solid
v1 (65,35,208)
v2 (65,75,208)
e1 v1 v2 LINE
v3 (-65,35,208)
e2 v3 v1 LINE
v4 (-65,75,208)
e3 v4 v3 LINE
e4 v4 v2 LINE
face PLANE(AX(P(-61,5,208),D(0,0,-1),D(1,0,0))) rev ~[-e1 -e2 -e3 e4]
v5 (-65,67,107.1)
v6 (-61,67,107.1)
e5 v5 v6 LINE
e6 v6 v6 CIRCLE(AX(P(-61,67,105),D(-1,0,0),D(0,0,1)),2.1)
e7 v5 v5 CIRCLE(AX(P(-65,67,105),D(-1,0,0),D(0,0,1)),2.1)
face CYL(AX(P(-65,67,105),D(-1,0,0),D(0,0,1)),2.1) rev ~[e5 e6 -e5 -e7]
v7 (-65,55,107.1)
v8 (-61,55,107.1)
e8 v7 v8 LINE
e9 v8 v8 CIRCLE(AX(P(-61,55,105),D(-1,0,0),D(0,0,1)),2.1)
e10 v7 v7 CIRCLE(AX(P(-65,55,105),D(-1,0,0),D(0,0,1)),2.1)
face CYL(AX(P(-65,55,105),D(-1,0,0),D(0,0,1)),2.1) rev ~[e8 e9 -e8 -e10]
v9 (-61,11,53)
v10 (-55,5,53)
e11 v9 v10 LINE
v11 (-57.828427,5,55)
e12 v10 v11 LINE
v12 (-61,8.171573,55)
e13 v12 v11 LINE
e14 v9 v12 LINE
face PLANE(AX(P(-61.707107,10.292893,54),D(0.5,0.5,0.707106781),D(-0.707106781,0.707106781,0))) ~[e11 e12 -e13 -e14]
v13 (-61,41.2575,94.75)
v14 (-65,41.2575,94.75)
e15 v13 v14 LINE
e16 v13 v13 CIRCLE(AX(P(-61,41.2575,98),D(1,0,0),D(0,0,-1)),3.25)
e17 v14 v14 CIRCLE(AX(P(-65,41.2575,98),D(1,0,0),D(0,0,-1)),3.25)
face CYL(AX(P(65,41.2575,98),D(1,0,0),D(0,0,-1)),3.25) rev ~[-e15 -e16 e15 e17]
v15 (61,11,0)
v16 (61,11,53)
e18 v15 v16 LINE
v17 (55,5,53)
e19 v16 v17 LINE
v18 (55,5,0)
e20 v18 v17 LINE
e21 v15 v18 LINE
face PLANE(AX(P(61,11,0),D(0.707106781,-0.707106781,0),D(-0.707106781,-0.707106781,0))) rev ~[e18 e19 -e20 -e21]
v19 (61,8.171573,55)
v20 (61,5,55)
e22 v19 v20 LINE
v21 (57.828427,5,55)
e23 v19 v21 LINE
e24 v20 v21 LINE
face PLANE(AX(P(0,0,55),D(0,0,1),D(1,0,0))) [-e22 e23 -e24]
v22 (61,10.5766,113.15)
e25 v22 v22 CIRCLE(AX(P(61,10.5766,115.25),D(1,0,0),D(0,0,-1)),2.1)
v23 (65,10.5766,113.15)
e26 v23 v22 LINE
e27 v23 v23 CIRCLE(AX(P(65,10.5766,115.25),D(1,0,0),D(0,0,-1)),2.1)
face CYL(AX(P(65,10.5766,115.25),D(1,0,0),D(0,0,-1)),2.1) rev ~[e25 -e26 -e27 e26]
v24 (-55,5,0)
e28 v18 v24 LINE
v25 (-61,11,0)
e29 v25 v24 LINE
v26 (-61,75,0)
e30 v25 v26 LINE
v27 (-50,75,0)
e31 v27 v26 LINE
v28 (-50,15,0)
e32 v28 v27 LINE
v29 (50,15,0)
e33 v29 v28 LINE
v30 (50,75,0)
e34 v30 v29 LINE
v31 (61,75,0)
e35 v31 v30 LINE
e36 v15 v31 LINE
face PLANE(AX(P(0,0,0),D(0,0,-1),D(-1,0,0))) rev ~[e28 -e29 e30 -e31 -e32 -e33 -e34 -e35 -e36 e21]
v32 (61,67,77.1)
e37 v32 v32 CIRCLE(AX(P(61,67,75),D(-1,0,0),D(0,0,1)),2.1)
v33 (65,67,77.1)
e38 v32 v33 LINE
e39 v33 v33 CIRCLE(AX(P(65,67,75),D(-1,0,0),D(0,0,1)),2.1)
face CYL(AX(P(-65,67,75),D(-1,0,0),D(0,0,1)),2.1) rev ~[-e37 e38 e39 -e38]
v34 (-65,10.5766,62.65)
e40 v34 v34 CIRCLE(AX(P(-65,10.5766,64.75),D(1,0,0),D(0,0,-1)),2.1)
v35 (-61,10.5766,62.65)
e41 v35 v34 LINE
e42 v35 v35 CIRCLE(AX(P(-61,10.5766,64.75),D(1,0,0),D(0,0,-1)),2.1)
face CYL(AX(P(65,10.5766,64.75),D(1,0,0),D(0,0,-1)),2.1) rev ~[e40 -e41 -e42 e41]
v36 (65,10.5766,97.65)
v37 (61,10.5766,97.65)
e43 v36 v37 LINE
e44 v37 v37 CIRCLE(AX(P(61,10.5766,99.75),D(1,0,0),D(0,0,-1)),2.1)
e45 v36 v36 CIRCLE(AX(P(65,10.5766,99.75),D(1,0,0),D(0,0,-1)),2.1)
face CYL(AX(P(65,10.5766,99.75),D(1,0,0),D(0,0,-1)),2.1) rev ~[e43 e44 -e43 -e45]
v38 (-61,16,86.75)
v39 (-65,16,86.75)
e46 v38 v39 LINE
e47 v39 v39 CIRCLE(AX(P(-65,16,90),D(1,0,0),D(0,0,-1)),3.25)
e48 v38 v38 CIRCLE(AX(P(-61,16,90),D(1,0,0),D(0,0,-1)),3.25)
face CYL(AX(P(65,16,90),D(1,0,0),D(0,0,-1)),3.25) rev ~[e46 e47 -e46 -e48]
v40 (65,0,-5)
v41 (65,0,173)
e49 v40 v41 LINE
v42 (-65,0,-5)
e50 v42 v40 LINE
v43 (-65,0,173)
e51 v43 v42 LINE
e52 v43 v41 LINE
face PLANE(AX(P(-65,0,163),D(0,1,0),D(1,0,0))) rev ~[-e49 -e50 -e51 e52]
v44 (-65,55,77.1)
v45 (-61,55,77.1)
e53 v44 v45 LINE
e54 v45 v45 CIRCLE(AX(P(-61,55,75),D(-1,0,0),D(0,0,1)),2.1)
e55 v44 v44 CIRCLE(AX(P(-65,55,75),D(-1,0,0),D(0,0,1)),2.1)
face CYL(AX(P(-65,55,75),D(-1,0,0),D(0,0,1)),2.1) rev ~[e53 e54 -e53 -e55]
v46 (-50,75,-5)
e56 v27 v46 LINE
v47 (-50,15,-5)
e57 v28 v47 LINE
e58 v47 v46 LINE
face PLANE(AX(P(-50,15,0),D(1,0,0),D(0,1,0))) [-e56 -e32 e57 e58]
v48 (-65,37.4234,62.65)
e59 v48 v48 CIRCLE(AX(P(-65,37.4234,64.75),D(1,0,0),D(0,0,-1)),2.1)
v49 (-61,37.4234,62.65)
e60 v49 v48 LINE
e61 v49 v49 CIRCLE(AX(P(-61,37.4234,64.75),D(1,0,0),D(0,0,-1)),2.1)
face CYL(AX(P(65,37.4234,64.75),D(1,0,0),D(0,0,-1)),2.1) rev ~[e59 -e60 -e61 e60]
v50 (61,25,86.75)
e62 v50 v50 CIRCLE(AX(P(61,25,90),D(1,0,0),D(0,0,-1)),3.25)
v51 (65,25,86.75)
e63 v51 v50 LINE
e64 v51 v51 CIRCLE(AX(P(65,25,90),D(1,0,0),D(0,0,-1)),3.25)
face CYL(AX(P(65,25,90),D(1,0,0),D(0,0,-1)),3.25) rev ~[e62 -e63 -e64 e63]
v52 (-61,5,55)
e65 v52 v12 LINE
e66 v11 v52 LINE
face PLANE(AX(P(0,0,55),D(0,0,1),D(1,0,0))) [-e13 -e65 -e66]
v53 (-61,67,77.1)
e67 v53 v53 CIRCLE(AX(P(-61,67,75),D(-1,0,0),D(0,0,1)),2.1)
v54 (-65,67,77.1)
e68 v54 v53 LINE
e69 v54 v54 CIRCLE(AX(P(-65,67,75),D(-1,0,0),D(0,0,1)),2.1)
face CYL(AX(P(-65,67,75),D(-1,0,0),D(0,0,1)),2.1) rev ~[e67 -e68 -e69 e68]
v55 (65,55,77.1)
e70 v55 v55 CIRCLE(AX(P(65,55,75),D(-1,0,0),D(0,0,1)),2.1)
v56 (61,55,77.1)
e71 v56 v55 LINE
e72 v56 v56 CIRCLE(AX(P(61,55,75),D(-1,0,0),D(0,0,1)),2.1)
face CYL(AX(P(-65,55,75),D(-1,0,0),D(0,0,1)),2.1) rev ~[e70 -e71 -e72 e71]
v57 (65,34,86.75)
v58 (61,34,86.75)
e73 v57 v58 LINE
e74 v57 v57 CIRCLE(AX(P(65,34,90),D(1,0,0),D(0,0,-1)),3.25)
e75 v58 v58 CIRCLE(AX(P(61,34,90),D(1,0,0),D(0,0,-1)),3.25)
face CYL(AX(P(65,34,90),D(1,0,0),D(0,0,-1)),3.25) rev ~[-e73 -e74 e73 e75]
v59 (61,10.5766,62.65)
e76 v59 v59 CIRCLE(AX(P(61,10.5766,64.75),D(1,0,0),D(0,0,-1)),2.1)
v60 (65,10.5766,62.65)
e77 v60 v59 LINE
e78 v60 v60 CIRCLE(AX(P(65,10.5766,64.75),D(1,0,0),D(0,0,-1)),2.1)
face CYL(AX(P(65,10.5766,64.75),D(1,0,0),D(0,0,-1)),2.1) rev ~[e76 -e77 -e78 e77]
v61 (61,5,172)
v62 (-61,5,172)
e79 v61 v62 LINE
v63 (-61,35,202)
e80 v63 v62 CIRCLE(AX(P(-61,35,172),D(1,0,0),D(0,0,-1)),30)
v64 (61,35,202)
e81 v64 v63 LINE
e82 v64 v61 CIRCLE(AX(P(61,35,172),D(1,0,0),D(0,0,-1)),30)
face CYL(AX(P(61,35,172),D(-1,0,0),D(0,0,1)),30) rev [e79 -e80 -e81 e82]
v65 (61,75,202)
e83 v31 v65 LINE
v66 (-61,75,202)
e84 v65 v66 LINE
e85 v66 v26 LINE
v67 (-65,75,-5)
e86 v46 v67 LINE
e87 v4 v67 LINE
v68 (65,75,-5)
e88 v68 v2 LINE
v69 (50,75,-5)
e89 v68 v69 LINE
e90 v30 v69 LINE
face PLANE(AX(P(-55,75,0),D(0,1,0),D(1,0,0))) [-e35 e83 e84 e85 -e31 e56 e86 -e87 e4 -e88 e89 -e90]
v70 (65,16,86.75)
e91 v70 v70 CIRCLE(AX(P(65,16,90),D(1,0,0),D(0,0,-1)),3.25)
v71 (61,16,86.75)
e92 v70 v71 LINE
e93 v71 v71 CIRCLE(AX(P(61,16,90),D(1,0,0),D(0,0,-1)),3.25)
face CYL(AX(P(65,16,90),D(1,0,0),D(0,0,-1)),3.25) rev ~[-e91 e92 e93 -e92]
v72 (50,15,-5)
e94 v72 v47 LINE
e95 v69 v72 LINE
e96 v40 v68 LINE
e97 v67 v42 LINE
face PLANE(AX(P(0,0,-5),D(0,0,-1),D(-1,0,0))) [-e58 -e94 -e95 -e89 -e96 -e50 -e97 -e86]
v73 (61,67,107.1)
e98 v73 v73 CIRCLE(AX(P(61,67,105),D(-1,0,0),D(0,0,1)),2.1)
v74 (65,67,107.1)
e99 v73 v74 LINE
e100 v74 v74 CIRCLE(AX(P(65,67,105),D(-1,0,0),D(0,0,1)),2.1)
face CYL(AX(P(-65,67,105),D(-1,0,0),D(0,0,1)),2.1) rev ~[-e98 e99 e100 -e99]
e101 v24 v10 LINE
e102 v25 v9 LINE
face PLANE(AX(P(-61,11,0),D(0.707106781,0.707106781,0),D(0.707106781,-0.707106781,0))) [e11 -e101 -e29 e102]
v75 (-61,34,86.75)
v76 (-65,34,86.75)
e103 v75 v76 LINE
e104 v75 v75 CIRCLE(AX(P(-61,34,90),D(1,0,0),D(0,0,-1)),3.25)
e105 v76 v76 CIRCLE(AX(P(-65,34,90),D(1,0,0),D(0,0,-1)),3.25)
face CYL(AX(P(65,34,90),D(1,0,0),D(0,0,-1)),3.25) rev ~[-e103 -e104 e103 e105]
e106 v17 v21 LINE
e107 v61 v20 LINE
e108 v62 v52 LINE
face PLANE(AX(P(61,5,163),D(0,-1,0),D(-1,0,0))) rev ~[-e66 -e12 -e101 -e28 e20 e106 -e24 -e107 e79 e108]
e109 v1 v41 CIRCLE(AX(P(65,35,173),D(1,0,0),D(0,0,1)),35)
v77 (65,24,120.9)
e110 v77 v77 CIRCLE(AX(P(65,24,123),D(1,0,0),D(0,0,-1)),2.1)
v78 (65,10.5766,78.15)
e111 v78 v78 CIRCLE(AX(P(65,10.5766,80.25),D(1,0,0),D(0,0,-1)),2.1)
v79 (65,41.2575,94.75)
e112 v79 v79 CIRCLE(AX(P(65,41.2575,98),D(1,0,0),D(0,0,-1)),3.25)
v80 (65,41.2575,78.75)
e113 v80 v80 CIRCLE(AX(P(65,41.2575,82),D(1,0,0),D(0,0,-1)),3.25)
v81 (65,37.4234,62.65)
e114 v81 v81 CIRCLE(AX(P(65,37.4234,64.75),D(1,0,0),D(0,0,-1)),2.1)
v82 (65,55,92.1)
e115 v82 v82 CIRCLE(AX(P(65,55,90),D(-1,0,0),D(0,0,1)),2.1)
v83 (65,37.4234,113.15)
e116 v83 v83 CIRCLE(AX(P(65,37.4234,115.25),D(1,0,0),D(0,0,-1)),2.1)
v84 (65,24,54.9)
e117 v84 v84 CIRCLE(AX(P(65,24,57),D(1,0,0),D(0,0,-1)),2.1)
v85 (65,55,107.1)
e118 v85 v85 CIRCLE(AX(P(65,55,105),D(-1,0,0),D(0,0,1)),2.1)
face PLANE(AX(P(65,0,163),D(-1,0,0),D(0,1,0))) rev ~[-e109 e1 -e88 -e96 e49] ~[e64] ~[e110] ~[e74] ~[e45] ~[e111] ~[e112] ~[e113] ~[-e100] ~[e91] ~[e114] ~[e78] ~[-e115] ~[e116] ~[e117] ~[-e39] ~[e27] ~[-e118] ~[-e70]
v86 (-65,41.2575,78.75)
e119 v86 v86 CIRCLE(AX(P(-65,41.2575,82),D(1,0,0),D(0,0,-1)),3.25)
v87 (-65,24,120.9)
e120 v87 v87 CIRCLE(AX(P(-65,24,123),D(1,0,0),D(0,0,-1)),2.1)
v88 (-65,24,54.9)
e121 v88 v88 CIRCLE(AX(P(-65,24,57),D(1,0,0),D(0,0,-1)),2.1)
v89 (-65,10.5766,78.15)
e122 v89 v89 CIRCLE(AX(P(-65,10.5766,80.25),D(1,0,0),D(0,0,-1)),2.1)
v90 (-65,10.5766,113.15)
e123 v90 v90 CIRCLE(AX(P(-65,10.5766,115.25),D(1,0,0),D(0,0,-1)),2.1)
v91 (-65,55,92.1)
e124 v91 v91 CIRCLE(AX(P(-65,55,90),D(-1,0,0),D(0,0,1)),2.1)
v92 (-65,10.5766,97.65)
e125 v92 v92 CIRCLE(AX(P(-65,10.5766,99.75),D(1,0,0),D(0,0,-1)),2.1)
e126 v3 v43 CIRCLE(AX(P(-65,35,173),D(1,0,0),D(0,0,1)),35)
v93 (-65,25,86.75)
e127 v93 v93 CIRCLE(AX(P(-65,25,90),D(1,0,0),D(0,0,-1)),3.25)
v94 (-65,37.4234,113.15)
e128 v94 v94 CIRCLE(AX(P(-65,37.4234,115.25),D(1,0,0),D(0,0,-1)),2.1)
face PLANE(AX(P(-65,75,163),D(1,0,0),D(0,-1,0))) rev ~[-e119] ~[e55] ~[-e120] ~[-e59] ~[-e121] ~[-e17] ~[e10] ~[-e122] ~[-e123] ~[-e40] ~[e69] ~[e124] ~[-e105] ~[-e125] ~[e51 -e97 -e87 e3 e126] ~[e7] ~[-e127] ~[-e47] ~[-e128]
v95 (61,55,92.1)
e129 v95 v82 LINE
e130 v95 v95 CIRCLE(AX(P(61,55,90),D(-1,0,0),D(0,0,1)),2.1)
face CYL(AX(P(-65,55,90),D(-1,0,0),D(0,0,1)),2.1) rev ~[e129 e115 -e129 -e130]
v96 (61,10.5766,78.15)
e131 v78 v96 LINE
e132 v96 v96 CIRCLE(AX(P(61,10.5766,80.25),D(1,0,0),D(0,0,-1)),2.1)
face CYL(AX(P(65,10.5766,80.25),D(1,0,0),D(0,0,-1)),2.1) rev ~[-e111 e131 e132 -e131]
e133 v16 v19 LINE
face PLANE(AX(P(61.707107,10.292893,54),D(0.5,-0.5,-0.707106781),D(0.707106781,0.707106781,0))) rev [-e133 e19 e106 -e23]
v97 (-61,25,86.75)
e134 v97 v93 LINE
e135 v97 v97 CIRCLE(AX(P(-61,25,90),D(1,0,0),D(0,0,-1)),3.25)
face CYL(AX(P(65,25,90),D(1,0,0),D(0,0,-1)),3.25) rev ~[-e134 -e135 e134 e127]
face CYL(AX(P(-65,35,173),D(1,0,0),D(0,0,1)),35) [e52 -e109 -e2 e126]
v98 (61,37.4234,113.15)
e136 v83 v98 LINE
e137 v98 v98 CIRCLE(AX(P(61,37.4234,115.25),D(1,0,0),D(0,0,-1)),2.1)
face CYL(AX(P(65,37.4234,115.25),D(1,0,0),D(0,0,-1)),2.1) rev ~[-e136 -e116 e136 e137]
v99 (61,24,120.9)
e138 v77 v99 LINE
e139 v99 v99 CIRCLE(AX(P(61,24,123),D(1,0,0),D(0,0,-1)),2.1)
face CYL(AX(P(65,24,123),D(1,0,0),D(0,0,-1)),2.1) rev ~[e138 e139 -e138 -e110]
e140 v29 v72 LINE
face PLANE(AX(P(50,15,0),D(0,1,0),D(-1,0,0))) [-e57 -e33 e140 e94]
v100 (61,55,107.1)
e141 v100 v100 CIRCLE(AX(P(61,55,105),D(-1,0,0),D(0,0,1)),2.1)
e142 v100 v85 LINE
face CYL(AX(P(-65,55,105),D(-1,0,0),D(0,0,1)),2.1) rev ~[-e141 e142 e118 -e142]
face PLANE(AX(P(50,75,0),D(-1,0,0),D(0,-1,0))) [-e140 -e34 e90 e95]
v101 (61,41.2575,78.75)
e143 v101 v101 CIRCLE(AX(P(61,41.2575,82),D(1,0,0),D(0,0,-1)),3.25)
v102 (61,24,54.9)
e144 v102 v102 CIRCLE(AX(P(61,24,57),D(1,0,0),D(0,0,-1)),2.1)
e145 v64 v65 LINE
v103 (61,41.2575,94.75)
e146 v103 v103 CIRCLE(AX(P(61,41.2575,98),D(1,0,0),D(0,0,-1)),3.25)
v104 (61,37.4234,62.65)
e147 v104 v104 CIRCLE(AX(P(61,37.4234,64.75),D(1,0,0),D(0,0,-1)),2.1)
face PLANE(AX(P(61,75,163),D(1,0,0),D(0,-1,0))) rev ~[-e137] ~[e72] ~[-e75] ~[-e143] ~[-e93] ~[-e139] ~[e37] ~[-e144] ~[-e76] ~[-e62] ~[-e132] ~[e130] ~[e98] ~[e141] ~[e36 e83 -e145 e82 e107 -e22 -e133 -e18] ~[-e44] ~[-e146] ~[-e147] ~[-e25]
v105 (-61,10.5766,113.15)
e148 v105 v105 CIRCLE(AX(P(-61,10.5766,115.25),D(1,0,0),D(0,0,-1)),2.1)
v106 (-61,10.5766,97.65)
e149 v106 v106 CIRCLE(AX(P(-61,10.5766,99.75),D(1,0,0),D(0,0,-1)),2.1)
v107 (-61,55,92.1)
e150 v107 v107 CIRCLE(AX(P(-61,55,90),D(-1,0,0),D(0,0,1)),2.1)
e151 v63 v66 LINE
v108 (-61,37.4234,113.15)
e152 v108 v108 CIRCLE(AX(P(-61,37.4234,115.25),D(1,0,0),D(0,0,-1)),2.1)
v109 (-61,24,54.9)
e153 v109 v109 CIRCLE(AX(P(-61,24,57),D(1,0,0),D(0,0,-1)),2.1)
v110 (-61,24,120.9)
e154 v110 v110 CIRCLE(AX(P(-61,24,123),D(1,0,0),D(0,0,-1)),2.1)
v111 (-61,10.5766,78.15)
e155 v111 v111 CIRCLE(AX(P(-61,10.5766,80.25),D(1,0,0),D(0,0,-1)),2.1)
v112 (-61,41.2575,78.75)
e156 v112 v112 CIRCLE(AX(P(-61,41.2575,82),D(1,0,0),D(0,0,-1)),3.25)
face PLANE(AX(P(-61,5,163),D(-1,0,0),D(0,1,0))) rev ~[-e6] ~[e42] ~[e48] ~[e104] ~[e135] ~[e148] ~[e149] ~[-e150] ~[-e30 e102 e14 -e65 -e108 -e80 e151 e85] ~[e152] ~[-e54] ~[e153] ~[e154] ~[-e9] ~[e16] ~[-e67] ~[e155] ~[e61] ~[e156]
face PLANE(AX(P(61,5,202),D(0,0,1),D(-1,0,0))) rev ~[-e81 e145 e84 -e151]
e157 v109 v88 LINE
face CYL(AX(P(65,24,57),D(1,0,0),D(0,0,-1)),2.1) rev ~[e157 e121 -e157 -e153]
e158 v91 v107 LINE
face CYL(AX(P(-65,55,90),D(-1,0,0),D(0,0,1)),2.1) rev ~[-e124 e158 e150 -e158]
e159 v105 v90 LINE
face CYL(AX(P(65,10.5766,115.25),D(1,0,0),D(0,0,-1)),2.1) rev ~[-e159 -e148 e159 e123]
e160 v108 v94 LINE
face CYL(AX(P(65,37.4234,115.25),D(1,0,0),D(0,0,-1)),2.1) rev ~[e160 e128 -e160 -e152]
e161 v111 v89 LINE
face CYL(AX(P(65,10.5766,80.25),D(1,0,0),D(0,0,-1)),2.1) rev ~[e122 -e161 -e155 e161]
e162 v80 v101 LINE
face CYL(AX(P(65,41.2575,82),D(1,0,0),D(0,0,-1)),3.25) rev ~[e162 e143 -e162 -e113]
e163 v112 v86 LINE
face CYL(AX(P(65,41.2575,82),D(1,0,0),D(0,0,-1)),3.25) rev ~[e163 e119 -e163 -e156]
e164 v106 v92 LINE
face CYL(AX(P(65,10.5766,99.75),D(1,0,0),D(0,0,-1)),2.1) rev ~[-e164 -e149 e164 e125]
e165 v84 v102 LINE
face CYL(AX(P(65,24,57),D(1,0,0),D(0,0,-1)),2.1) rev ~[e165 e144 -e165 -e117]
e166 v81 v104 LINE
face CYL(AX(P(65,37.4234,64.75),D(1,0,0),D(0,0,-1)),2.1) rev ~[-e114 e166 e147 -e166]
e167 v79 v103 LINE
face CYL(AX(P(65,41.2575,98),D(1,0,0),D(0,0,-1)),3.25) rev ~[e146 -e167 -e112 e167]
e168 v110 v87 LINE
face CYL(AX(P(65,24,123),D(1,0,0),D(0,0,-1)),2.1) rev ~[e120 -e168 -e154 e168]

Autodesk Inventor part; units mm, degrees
ref_plane "YZ Plane" through (0, 0, 0) normal (1, 0, 0) x (0, 1, 0)
ref_plane "XZ Plane" through (0, 0, 0) normal (0, 1, 0) x (-1, 0, 0)
ref_plane "XY Plane" through (0, 0, 0) normal (0, 0, 1) x (1, 0, 0)
sketch "草图1" plane through (0, 0, 0) normal (0, 0, 1) x (1, 0, 0)
  line L0 (0, 5) -> (61, 5)
  line L1 (61, 5) -> (61, 75)
  line L2 (61, 75) -> (65, 75)
  line L3 (65, 75) -> (65, 0)
  line L4 (65, 0) -> (0, 0)
  line L5 (0, 34.2328) -> (0, -13.4923)
  line L6 (0, 5) -> (-61, 5)
  line L7 (-61, 5) -> (-61, 75)
  line L8 (-65, 75) -> (-65, 0)
  line L9 (-65, 0) -> (0, 0)
  line L10 (-61, 75) -> (-65, 75)
  dimension "d0" = 5
  dimension "d1" = 130
  dimension "d2" = 4
  dimension "d3" = 75
extrude "拉伸1" add sketch "草图1" along normal blind 138
sketch "草图2" plane through (65, 0, 0) normal (1, 0, 0) x (0, 0, -1)
  line L0 (-107.5, 24) -> (-72.5, 24) construction
  line L1 (0, 5) -> (-138, 5) projected
  circle A0 centre (-72.5, 24) radius 15.5 construction
  circle A1 centre (-107.5, 24) radius 15.5 construction
  circle A2 centre (-57, 24) radius 2.1
  circle A3 centre (-123, 24) radius 2.1
  line L2 (-138, 0) -> (-138, 75) projected
  circle A4 centre (-115.25, 10.5766) radius 2.1
  circle A5 centre (-99.75, 10.5766) radius 2.1
  circle A6 centre (-92, 24) radius 2.1
  circle A7 centre (-99.75, 37.4234) radius 2.1
  circle A8 centre (-115.25, 37.4234) radius 2.1
  circle A9 centre (-64.75, 37.4234) radius 2.1
  circle A10 centre (-80.25, 37.4234) radius 2.1
  circle A11 centre (-88, 24) radius 2.1
  circle A12 centre (-80.25, 10.5766) radius 2.1
  circle A13 centre (-64.75, 10.5766) radius 2.1
  point P0 (0, 0)
  dimension "d8" = 31
  dimension "d9" = 31
  dimension "d6" = 35
  dimension "d10" = 4.2
  dimension "d11" = 4.2
  dimension "d12" = 15
  dimension "d15" = 360
  dimension "d19" = 360
  dimension "d24" = 19
extrude "拉伸2" cut sketch "草图2" against normal blind 150 contours A2 | A3 | A4 | A5 | A8 | A9 | A12 | A13
sketch "草图3" plane through (65, 0, 0) normal (1, 0, 0) x (0, 0, -1)
  circle A0 centre (-90, 34) radius 3.25 projected
  circle A1 centre (-90, 25) radius 3.25 projected
  circle A2 centre (-90, 16) radius 3.25 projected
  circle A3 centre (-98, 41.2575) radius 3.25 projected
  circle A4 centre (-82, 41.2575) radius 3.25 projected
  point P0 (0, 0)
extrude "拉伸3" cut sketch "草图3" against normal blind 150
sketch "草图4" plane through (0, 0, 0) normal (0, 0, -1) x (-1, 0, 0)
  line L0 (-65, 0) -> (-65, 75) projected
  line L1 (65, 0) -> (-65, 0) projected
  line L2 (65, 75) -> (65, 0) projected
  line L3 (-65, 75) -> (-50, 75)
  line L4 (-50, 75) -> (-50, 15)
  line L5 (-50, 15) -> (50, 15)
  line L6 (50, 15) -> (50, 75)
  line L7 (50, 75) -> (65, 75)
  point P0 (0, 0)
  dimension "d27" = 15
  dimension "d28" = 15
  dimension "d29" = 15
extrude "拉伸4" add sketch "草图4" along normal blind 5
sketch "草图5" plane through (0, 0, 0) normal (0, 0, 1) x (1, 0, 0)
  line L0 (61, 75) -> (61, 5) projected
  line L1 (50, 75) -> (61, 75) projected
  line L2 (50, 15) -> (50, 75) projected
  line L3 (-50, 15) -> (50, 15) projected
  line L4 (-50, 75) -> (-50, 15) projected
  line L5 (-61, 75) -> (-50, 75) projected
  line L6 (-61, 5) -> (-61, 75) projected
  line L7 (61, 5) -> (-61, 5) projected
  line L8 (61, 11) -> (55, 5)
  line L9 (0, 97.2027) -> (0, -45.2903)
  line L10 (-61, 11) -> (-55, 5)
  point P0 (0, 0)
  dimension "d32" = 45
  dimension "d33" = 6
extrude "拉伸5" add sketch "草图5" along normal blind 55 contours L0 L7 L8 | L7 L6 L10
chamfer "倒角1" distance 2 angle 45 2 edges at (58, 8, 55) (-58, 8, 55)
sketch "草图7" plane through (0, 0, 138) normal (0, 0, 1) x (1, 0, 0)
  line L0 (-65, 0) -> (65, 0) projected
  line L1 (65, 0) -> (65, 75) projected
  line L2 (65, 75) -> (61, 75) projected
  line L3 (61, 75) -> (61, 5) projected
  line L4 (61, 5) -> (-61, 5) projected
  line L5 (-61, 5) -> (-61, 75) projected
  line L6 (-61, 75) -> (-65, 75) projected
  line L7 (-65, 75) -> (-65, 0) projected
  point P0 (0, 0)
extrude "拉伸6" add sketch "草图7" along normal blind 25
sketch "草图13" plane through (-65, 0, -5) normal (-1, 0, 0) x (0, 0, 1)
  line L0 (80, 55) -> (110, 55) construction
  line L1 (110, 55) -> (110, 67) construction
  line L2 (110, 67) -> (80, 67) construction
  line L3 (80, 67) -> (80, 55) construction
  line L4 (80, 55) -> (110, 67) construction
  line L5 (110, 55) -> (80, 67) construction
  line L6 (0, 75) -> (168, 75) projected
  circle A0 centre (95, 34) radius 3.25 projected
  line L7 (95, 34) -> (95, 46.2012) construction
  circle A1 centre (80, 55) radius 2.1
  circle A2 centre (110, 55) radius 2.1
  circle A3 centre (95, 55) radius 2.1
  circle A4 centre (80, 67) radius 2.1
  circle A5 centre (110, 67) radius 2.1
  point P0 (5, 0)
  point P1 (95, 61)
  point P2 (233, 75)
  dimension "d62" = 8
  dimension "d63" = 30
  dimension "d64" = 20
  dimension "d65" = 4.2
  dimension "d66" = 4.2
  dimension "d67" = 4.2
  dimension "d68" = 4.2
  dimension "d69" = 4.2
extrude "拉伸11" cut sketch "草图13" against normal blind 150 contours A1 | A2 | A3 | A4 | A5
sketch "草图14" plane through (0, 0, 163) normal (0, 0, 1) x (1, 0, 0)
  line L0 (65, 0) -> (65, 75) projected
  line L1 (65, 75) -> (61, 75) projected
  line L2 (61, 75) -> (61, 5) projected
  line L3 (61, 5) -> (-61, 5) projected
  line L4 (-61, 5) -> (-61, 75) projected
  line L5 (-61, 75) -> (-65, 75) projected
  line L6 (-65, 75) -> (-65, 0) projected
  line L7 (-65, 0) -> (65, 0) projected
  point P0 (0, 0)
extrude "拉伸12" add sketch "草图14" along normal blind 45
sketch "草图15" plane through (-55, 5, 0) normal (0, 1, 0) x (1, 0, 0)
  line L0 (-6, -55) -> (-6, -208) projected
  line L1 (116, 0) -> (116, -208) projected
  line L2 (-6, -208) -> (116, -208)
  line L3 (116, -208) -> (116, -202)
  line L4 (116, -202) -> (-6, -202)
  line L5 (-6, -202) -> (-6, -208)
  point P0 (55, 0)
  point P1 (-6, -202)
  dimension "d74" = 6
extrude "拉伸13" add sketch "草图15" along normal up to surface (70 mm away)
fillet "圆角2" radius 30 1 edges at (0, 5, 202)
fillet "圆角3" radius 35 1 edges at (0, 0, 208)
properties part number "车架"
